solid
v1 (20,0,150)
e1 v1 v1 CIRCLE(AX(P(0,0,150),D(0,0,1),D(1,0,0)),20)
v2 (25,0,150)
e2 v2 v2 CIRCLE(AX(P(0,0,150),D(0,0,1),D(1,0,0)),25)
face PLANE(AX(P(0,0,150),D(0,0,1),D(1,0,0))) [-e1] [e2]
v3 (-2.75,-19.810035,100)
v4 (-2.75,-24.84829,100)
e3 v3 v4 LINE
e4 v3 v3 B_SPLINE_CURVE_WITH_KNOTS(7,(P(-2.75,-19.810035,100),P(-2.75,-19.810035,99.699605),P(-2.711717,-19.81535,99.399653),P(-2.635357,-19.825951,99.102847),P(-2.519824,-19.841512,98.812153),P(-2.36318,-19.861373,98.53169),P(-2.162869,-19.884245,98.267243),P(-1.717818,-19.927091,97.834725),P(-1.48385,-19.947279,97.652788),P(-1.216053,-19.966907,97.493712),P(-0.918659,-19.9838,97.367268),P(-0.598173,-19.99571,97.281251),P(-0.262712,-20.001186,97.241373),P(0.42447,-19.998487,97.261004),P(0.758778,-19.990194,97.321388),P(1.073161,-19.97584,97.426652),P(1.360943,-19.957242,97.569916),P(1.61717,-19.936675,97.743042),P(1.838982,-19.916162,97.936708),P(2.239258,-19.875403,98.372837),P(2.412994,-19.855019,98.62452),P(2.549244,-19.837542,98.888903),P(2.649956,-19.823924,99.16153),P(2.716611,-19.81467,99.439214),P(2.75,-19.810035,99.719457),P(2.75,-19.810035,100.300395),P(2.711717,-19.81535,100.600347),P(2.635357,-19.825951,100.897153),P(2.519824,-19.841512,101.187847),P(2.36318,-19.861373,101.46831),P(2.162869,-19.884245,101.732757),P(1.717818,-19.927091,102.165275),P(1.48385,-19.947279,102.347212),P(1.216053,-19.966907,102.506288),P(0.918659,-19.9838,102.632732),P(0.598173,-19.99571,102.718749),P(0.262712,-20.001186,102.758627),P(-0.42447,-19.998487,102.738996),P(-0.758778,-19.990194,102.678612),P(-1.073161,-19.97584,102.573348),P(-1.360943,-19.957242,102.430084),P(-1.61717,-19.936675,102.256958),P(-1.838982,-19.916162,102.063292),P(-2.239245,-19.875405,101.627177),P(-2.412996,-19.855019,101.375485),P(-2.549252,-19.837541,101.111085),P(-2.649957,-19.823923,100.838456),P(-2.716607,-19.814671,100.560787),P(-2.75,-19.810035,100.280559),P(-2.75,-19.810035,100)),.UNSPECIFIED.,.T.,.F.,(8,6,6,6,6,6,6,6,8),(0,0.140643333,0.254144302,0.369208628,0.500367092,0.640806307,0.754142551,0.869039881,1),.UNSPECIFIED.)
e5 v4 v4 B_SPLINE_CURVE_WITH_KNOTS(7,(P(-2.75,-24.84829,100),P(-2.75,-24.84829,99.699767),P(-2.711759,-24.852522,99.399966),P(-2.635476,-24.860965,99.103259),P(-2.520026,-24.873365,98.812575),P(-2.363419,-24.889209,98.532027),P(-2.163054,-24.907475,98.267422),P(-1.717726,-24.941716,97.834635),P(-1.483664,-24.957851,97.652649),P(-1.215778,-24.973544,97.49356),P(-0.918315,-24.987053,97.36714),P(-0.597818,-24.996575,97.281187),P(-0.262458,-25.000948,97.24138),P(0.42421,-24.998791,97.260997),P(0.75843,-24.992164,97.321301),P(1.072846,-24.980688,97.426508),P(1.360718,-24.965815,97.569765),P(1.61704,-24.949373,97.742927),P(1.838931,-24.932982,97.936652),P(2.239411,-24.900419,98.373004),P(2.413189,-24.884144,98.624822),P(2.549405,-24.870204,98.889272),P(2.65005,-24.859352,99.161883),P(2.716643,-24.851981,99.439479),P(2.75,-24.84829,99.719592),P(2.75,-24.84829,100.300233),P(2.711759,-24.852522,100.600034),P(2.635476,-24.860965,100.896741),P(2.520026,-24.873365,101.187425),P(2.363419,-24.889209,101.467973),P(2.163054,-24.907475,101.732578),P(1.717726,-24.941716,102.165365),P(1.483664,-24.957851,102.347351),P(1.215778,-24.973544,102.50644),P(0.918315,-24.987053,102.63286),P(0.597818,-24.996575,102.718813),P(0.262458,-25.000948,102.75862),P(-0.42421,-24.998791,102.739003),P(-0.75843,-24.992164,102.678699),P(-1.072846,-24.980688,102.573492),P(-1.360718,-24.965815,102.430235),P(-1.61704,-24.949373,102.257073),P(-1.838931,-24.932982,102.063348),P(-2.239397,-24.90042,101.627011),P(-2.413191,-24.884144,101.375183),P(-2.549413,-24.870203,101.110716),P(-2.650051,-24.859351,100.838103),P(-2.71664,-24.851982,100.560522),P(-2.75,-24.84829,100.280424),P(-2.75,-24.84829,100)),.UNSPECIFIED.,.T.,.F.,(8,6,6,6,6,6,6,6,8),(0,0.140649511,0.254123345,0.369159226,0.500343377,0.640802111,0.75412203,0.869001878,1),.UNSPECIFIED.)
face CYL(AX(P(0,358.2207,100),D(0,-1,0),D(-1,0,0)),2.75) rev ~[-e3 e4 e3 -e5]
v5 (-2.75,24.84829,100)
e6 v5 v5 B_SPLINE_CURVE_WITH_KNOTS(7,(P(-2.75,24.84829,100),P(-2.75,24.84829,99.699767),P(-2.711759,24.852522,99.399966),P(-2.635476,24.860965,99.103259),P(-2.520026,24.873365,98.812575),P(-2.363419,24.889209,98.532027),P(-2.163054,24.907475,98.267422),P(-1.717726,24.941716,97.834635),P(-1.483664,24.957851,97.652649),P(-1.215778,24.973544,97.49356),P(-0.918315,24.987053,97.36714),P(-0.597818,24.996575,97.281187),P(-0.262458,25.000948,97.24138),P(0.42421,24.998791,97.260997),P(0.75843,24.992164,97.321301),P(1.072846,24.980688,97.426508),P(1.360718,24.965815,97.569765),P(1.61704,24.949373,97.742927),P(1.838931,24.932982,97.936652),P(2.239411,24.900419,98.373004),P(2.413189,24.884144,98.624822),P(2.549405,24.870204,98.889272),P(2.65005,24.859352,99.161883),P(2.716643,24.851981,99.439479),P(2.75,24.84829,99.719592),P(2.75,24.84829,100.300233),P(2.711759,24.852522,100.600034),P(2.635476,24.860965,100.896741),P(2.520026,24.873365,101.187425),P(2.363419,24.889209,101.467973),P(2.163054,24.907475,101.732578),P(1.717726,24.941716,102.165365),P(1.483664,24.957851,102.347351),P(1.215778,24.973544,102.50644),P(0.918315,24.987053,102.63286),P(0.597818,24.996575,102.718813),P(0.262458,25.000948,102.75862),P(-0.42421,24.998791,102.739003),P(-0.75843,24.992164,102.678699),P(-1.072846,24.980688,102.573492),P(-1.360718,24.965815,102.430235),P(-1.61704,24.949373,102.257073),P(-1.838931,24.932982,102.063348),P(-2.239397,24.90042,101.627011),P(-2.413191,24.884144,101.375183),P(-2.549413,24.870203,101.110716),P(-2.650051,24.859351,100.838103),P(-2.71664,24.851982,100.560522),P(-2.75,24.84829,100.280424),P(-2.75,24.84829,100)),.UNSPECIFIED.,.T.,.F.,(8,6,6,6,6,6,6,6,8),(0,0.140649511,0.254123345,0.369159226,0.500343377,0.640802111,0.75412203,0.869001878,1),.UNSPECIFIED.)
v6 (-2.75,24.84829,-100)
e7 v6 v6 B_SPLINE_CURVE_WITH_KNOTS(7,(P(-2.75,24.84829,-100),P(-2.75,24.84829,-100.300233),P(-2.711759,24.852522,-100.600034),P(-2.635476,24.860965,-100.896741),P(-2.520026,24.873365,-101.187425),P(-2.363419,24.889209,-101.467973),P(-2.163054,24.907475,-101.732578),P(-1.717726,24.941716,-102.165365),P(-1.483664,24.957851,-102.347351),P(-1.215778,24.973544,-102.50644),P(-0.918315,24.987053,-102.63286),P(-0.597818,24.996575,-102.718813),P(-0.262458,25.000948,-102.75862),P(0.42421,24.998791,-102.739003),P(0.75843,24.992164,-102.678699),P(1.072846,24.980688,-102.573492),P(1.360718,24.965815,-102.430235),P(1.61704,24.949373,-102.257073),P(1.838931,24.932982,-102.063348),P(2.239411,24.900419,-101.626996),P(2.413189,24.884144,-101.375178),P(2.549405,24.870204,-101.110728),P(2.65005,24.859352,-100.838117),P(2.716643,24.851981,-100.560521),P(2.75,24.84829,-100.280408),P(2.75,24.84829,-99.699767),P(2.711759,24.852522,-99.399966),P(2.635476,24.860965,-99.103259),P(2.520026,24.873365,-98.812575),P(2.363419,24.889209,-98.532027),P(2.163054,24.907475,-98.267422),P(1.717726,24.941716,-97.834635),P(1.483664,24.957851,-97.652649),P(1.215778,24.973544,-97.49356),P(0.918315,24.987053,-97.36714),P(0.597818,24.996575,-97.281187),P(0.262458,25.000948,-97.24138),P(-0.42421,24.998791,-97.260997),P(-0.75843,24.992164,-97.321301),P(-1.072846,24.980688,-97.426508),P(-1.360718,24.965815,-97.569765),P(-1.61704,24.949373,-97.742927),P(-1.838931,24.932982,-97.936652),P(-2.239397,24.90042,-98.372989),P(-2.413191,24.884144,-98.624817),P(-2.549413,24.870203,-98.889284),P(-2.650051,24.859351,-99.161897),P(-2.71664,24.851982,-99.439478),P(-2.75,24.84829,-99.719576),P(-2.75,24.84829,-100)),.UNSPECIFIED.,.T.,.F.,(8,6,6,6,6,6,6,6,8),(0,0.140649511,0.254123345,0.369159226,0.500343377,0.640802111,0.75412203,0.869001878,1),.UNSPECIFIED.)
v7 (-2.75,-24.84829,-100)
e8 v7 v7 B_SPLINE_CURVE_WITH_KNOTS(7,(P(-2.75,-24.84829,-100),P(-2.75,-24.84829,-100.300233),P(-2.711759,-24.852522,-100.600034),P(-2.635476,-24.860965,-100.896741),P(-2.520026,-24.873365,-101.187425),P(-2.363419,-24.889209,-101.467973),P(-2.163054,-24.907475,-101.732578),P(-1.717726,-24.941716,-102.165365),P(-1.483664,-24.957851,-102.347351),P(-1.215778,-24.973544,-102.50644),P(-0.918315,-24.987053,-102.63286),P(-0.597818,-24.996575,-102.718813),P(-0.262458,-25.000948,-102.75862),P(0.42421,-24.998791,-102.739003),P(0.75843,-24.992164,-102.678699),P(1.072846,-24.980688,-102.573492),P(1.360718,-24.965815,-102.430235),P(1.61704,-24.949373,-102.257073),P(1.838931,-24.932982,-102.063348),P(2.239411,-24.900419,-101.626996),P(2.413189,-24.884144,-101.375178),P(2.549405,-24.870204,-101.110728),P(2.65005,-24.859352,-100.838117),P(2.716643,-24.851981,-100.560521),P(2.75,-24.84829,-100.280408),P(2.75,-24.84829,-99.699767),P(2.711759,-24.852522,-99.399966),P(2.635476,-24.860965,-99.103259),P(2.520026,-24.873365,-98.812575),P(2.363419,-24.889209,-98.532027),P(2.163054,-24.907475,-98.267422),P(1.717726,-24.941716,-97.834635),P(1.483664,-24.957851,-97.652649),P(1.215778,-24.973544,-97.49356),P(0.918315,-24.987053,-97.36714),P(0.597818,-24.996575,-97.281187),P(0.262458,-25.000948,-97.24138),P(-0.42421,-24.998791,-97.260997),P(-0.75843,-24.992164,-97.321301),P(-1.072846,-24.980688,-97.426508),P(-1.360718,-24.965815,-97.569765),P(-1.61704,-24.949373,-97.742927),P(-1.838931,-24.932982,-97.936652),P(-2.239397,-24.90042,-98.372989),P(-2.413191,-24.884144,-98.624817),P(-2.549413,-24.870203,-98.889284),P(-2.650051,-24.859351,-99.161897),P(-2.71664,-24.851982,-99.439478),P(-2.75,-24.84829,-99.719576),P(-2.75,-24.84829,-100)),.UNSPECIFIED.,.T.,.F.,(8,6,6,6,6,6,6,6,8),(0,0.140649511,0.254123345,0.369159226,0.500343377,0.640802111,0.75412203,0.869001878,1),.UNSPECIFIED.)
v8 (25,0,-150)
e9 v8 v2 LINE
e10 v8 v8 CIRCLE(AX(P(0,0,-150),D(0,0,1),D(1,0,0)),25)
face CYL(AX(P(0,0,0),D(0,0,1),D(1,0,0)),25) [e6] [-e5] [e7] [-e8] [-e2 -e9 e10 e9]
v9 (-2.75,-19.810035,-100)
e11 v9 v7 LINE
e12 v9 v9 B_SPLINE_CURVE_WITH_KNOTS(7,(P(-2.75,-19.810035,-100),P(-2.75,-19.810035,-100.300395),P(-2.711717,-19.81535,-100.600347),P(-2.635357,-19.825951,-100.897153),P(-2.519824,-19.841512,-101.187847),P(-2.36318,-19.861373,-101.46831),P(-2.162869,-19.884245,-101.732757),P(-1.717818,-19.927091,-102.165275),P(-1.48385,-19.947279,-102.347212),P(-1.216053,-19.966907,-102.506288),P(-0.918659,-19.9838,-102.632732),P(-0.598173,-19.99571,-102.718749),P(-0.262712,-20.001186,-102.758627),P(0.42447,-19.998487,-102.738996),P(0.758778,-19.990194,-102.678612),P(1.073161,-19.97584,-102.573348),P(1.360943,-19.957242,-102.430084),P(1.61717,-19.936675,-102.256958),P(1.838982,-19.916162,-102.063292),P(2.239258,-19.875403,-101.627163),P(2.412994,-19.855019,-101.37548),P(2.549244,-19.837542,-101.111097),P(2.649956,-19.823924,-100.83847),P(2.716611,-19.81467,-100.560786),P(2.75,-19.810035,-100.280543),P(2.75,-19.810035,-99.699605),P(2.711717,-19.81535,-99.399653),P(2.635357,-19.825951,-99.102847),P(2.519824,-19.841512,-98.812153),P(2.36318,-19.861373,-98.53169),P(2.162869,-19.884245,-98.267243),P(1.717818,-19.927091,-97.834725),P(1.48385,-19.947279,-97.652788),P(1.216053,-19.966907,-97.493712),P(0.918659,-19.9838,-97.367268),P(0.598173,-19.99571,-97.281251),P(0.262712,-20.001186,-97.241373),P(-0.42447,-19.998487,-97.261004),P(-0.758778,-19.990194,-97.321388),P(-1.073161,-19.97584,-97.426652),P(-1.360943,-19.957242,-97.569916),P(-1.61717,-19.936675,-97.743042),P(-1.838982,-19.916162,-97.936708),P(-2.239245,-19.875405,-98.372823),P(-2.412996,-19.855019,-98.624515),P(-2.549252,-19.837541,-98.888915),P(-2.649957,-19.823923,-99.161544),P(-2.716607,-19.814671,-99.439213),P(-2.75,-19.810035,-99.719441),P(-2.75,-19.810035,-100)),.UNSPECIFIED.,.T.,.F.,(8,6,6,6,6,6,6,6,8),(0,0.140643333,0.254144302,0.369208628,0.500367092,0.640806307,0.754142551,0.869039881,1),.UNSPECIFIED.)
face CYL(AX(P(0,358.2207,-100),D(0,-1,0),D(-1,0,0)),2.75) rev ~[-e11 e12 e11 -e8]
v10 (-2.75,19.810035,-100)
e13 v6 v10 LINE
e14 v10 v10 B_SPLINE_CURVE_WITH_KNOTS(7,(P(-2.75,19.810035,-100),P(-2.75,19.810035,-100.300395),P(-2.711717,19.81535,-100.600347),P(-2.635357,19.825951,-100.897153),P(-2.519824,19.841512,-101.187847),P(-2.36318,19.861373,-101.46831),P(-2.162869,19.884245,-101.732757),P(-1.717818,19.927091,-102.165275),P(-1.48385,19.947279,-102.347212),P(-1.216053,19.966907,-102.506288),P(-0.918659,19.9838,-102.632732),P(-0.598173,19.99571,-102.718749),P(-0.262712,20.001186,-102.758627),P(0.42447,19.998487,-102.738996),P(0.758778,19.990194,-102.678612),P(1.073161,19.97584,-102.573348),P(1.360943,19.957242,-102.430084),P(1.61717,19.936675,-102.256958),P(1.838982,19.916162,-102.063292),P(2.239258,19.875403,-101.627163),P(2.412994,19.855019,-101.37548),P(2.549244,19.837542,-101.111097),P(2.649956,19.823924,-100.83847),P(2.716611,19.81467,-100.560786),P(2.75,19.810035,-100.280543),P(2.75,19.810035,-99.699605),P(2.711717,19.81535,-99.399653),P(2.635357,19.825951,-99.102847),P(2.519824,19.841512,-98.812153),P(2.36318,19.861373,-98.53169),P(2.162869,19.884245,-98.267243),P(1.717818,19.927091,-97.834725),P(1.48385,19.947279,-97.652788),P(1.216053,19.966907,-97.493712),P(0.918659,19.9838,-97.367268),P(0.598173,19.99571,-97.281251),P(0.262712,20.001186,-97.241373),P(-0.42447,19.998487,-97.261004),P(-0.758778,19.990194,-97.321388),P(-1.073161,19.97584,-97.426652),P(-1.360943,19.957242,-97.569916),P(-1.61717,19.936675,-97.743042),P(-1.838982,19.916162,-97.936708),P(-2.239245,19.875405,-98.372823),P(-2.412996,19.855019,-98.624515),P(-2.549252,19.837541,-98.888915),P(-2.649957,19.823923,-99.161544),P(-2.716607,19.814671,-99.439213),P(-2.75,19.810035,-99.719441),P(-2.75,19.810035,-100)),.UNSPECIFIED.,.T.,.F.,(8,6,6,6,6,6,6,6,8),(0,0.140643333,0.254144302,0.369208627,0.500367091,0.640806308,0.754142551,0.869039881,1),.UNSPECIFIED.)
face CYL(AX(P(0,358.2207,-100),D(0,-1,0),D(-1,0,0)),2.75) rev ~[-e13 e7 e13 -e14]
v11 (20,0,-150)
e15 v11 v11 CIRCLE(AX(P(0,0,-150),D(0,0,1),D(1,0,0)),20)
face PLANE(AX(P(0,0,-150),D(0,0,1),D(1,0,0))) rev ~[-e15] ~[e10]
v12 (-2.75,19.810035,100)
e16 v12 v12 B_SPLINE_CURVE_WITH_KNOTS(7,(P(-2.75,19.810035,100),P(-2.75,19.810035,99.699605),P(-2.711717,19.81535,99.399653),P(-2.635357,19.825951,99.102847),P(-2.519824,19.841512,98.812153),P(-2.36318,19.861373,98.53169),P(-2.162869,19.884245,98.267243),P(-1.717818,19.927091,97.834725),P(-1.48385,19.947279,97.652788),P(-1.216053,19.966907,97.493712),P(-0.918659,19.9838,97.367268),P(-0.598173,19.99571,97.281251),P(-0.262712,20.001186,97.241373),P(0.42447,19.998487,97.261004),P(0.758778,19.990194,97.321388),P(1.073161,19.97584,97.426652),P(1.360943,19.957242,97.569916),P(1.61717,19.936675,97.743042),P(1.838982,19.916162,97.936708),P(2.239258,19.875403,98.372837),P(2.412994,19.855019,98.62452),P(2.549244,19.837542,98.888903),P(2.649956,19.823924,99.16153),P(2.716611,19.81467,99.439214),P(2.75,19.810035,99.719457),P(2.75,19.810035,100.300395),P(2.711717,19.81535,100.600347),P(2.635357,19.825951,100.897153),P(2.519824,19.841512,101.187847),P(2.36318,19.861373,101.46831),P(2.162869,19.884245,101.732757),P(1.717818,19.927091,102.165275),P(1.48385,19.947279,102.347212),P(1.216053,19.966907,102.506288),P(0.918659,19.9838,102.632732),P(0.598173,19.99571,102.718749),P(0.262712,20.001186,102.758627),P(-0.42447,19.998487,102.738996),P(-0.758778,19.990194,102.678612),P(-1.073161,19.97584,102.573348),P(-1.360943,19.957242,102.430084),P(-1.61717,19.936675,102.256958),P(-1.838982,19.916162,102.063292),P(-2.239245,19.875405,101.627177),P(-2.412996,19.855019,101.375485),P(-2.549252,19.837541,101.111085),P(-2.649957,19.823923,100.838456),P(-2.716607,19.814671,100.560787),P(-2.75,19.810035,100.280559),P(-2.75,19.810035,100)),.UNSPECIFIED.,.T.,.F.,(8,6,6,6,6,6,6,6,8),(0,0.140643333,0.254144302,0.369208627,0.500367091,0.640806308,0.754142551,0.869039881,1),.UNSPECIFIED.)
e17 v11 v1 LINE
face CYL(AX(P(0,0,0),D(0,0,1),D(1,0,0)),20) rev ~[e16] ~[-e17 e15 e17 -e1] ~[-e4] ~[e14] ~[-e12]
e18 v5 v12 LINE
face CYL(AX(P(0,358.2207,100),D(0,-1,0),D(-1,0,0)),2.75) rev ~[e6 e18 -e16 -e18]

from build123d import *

# Parameters (mm, degrees)
F0_R     = 25
F1_DEPTH = 150
F2_T     = -5
F5_D     = 5.5


with BuildPart() as f1:
    # F0 (on Top) → F1 (new body, symmetric)
    with BuildSketch(Plane.XY):
        Circle(F0_R)
    extrude(amount=F1_DEPTH, both=True)

    # F2
    f2_openings = [f1.faces().sort_by_distance(p)[0] for p in [
        (0, 0, 150),
        (0, 0, -150),
    ]]
    offset(amount=F2_T, openings=f2_openings)

    # F5 (through all)
    with Locations(Plane(origin=(0, 50, 0), x_dir=(1, 0, 0), z_dir=(0, 1, 0))):
        with Locations((0, 100), (0, -100)):
            Hole(F5_D / 2)


solid = f1.part
